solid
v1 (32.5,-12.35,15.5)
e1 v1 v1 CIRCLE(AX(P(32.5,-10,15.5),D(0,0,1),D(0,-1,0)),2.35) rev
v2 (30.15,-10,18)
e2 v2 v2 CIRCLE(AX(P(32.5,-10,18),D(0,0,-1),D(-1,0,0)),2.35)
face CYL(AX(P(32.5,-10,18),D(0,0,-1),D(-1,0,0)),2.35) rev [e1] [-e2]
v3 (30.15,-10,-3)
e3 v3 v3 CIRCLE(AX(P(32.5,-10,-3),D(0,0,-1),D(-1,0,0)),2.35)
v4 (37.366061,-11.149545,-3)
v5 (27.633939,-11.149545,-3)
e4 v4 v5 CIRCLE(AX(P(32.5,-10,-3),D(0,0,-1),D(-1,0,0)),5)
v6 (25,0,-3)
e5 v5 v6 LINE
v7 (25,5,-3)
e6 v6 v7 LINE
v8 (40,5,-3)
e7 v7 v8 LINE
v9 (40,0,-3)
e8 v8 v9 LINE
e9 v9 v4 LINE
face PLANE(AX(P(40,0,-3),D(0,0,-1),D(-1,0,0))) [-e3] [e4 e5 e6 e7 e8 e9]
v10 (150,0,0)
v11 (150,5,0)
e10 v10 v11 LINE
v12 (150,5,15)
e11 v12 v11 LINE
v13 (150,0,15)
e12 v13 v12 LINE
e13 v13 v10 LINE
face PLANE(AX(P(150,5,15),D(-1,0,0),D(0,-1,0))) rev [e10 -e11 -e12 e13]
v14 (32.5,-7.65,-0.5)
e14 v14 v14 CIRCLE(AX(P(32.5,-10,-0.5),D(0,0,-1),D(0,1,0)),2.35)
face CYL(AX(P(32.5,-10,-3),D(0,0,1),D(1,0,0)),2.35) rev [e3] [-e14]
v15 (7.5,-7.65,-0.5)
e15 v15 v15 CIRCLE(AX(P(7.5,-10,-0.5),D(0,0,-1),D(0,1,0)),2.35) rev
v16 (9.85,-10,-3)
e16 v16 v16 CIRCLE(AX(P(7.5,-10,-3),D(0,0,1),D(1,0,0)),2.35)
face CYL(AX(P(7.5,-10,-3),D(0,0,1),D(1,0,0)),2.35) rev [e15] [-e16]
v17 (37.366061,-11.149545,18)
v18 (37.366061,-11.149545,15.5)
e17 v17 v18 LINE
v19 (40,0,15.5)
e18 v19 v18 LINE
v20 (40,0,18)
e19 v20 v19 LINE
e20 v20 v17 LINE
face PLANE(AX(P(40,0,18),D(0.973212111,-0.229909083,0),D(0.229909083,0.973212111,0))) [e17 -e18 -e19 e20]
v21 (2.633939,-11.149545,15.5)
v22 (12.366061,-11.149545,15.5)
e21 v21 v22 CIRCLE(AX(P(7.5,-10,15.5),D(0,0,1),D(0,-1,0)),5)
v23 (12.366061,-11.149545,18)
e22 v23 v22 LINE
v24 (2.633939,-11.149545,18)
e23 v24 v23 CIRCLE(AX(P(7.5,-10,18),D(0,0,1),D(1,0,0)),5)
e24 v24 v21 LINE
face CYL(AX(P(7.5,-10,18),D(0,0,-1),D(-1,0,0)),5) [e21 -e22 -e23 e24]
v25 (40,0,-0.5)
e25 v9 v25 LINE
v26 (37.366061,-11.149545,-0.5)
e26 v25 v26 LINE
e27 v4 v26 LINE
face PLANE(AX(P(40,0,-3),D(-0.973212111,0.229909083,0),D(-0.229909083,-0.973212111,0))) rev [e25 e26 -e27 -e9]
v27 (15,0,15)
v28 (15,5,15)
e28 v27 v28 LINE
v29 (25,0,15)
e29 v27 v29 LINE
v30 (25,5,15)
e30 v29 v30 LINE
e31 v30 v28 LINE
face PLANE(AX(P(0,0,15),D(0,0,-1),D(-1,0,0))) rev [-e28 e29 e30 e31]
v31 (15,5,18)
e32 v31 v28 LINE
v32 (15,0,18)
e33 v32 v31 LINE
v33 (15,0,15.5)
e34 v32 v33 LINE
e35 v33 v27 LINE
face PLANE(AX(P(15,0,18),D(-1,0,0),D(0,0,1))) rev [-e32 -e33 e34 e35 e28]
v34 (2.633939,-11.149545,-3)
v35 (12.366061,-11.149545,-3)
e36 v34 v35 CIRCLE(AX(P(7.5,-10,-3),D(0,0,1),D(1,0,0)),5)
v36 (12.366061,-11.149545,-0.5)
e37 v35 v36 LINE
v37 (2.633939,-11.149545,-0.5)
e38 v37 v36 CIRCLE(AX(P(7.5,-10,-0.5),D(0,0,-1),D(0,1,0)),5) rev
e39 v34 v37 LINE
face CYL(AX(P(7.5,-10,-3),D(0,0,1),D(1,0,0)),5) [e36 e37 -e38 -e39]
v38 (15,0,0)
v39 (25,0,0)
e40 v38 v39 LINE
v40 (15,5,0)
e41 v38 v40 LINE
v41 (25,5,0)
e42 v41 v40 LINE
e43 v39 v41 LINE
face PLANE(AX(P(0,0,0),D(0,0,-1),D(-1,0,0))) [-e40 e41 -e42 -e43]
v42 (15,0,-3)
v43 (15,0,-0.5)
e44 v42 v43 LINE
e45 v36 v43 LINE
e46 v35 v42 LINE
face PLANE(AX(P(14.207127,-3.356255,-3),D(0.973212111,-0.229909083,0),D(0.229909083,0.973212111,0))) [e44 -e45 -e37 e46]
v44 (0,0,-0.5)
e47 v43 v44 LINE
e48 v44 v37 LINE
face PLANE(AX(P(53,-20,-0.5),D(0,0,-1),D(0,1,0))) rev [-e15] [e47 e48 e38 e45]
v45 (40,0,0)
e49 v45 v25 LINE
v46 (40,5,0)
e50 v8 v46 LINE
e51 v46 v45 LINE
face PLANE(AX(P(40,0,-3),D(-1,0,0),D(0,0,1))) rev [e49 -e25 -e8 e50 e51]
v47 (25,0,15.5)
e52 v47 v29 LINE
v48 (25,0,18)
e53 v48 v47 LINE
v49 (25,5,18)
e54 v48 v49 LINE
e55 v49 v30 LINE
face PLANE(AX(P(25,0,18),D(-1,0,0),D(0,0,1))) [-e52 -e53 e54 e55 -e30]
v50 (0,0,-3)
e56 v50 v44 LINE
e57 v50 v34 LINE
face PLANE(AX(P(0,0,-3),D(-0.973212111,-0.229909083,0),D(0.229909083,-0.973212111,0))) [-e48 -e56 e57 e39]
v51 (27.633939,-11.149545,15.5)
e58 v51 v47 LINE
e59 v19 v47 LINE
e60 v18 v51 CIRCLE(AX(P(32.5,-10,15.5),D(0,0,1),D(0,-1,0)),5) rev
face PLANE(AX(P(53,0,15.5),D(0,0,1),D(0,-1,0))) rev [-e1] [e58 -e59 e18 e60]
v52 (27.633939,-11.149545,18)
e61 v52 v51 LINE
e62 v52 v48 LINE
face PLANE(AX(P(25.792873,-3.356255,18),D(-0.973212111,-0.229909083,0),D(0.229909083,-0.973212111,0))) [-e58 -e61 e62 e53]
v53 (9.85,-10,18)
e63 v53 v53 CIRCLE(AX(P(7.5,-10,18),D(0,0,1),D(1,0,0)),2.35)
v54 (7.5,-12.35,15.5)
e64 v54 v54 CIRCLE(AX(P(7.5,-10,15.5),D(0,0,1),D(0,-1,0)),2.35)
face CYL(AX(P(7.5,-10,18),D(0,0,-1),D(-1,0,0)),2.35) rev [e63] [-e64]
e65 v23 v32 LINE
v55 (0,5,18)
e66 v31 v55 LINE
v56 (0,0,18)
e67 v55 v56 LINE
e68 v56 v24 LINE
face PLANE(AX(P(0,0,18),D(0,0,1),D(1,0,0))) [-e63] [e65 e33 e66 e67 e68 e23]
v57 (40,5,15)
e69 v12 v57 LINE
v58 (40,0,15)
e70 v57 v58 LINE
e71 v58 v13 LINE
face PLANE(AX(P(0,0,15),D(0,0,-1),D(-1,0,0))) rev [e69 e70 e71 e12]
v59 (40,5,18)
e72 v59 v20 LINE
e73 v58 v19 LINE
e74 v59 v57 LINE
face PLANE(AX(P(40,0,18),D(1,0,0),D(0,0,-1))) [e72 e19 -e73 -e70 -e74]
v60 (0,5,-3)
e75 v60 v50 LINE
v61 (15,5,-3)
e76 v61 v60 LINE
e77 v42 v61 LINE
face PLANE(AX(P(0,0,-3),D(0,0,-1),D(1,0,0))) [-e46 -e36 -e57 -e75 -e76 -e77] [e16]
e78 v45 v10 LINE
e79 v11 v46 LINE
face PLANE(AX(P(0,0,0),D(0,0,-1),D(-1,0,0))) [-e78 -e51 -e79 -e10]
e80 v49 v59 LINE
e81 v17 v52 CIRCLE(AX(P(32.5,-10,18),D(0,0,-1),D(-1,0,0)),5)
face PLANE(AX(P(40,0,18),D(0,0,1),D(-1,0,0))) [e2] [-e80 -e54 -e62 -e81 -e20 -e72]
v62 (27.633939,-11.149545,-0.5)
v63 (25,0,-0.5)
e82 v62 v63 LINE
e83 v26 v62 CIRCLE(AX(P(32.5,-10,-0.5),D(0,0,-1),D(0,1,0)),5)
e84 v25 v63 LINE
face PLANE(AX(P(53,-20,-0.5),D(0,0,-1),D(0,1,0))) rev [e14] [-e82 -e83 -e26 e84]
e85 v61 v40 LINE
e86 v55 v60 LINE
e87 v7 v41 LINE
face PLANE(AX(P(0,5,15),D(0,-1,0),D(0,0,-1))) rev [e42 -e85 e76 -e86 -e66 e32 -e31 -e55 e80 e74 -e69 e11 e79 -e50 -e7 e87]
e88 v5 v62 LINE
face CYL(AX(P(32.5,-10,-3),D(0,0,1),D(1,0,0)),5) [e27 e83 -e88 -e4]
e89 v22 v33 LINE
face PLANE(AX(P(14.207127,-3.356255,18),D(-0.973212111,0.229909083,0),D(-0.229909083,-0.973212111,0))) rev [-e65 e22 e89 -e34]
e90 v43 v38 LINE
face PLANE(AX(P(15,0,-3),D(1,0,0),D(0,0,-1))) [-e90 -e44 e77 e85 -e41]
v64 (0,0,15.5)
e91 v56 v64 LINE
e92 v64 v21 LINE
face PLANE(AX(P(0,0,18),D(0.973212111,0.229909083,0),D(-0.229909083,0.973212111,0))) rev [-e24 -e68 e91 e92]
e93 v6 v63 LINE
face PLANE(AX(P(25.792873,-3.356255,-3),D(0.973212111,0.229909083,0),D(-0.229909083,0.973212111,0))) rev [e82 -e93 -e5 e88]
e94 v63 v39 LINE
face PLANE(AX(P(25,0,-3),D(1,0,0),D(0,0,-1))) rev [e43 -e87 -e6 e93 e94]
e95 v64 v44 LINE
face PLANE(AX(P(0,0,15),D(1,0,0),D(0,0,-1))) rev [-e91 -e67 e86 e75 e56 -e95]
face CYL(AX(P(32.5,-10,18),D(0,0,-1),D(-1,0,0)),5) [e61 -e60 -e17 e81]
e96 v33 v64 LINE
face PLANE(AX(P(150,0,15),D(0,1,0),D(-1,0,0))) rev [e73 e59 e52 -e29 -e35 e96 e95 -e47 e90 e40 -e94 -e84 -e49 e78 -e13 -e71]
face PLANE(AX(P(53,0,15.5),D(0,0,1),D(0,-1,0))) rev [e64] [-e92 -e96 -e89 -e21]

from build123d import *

# Parameters (mm, degrees)
SKETCH_1_W               = 150
SKETCH_1_H               = 5
EXTRUDE_1_DEPTH          = 15
SKETCH_2_W               = 15
SKETCH_2_H               = 5
SKETCH_2_R               = 2.35
EXTRUDE_2_DEPTH          = 3
MIRROR_2_COPY_1_SKETCH_W = 15
MIRROR_2_COPY_1_SKETCH_H = 5
MIRROR_2_COPY_1_SKETCH_R = 2.35
MIRROR_2_COPY_1_DEPTH    = 3
SKETCH_3_W               = 16
SKETCH_3_H               = 20
CUT_EXTRUDE_1_DEPTH      = 53


with BuildPart() as part:
    # 草图1 → 凸台-拉伸1 (new body)
    with BuildSketch(Plane.XY):
        with Locations((75, 2.5)):
            Rectangle(SKETCH_1_W, SKETCH_1_H)
    extrude(amount=EXTRUDE_1_DEPTH)

    # 草图2 → 凸台-拉伸2 (add)
    # profile 1 of 4: a face of its own
    with BuildSketch(Plane.XY.offset(15)):
        with Locations((7.5, 2.5)):
            Rectangle(SKETCH_2_W, SKETCH_2_H)
    # profile 2 of 4: a face of its own
    with BuildSketch(Plane.XY.offset(15)):
        with BuildLine():
            Line((15, 0), (0, 0))
            Line((0, 0), (2.633939444, -11.149545417))
            ThreePointArc((2.633939444, -11.149545417), (6.921338951, -5.033597742), (12.5, -10))
            ThreePointArc((12.5, -10), (12.466402258, -10.578661049), (12.366060556, -11.149545417))
            Line((12.366060556, -11.149545417), (15, 0))
        make_face()
    # profile 3 of 4: a face of its own
    with BuildSketch(Plane.XY.offset(15)):
        with BuildLine():
            ThreePointArc((12.5, -10), (6.921338951, -5.033597742), (2.633939444, -11.149545417))
            ThreePointArc((2.633939444, -11.149545417), (7.5, -15), (12.366060556, -11.149545417))
            ThreePointArc((12.366060556, -11.149545417), (12.466402258, -10.578661049), (12.5, -10))
        make_face()
        with Locations((7.5, -10)):
            Circle(SKETCH_2_R, mode=Mode.SUBTRACT)
    # profile 4 of 4: a face of its own
    with BuildSketch(Plane.XY.offset(15)):
        with BuildLine():
            ThreePointArc((12.5, -10), (6.921338951, -5.033597742), (2.633939444, -11.149545417))
            ThreePointArc((2.633939444, -11.149545417), (7.5, -15), (12.366060556, -11.149545417))
            ThreePointArc((12.366060556, -11.149545417), (12.466402258, -10.578661049), (12.5, -10))
        make_face()
        with Locations((7.5, -10)):
            Circle(SKETCH_2_R, mode=Mode.SUBTRACT)
    extrude_2 = extrude(amount=EXTRUDE_2_DEPTH)

    # 镜向1: 凸台-拉伸2 across plane
    add(extrude_2.mirror(Plane(origin=(0, 0, 7.5), x_dir=(1, 0, 0), z_dir=(0, 0, -1))))

    # 镜向2: 凸台-拉伸2 across plane
    add(extrude_2.mirror(Plane.ZY.offset(-20)))

    # 镜向2 copy 1 sketch → 镜向2 copy 1 (add)
    # profile 1 of 4: a face of its own
    with BuildSketch(Plane(origin=(40, 0, 0), x_dir=(-1, 0, 0), z_dir=(0, 0, -1))):
        with Locations((7.5, 2.5)):
            Rectangle(MIRROR_2_COPY_1_SKETCH_W, MIRROR_2_COPY_1_SKETCH_H)
    # profile 2 of 4: a face of its own
    with BuildSketch(Plane(origin=(40, 0, 0), x_dir=(-1, 0, 0), z_dir=(0, 0, -1))):
        with BuildLine():
            Line((15, 0), (0, 0))
            Line((0, 0), (2.633939444, -11.149545417))
            ThreePointArc((2.633939444, -11.149545417), (6.921338951, -5.033597742), (12.5, -10))
            ThreePointArc((12.5, -10), (12.466402258, -10.578661049), (12.366060556, -11.149545417))
            Line((12.366060556, -11.149545417), (15, 0))
        make_face()
    # profile 3 of 4: a face of its own
    with BuildSketch(Plane(origin=(40, 0, 0), x_dir=(-1, 0, 0), z_dir=(0, 0, -1))):
        with BuildLine():
            ThreePointArc((12.5, -10), (6.921338951, -5.033597742), (2.633939444, -11.149545417))
            ThreePointArc((2.633939444, -11.149545417), (7.5, -15), (12.366060556, -11.149545417))
            ThreePointArc((12.366060556, -11.149545417), (12.466402258, -10.578661049), (12.5, -10))
        make_face()
        with Locations((7.5, -10)):
            Circle(MIRROR_2_COPY_1_SKETCH_R, mode=Mode.SUBTRACT)
    # profile 4 of 4: a face of its own
    with BuildSketch(Plane(origin=(40, 0, 0), x_dir=(-1, 0, 0), z_dir=(0, 0, -1))):
        with BuildLine():
            ThreePointArc((12.5, -10), (6.921338951, -5.033597742), (2.633939444, -11.149545417))
            ThreePointArc((2.633939444, -11.149545417), (7.5, -15), (12.366060556, -11.149545417))
            ThreePointArc((12.366060556, -11.149545417), (12.466402258, -10.578661049), (12.5, -10))
        make_face()
        with Locations((7.5, -10)):
            Circle(MIRROR_2_COPY_1_SKETCH_R, mode=Mode.SUBTRACT)
    extrude(amount=MIRROR_2_COPY_1_DEPTH)

    # 草图3 → 切除-拉伸1 (cut)
    with BuildSketch(Plane.ZY):
        with Locations((7.5, -10)):
            Rectangle(SKETCH_3_W, SKETCH_3_H)
    extrude(amount=-CUT_EXTRUDE_1_DEPTH, mode=Mode.SUBTRACT)


solid = part.part
